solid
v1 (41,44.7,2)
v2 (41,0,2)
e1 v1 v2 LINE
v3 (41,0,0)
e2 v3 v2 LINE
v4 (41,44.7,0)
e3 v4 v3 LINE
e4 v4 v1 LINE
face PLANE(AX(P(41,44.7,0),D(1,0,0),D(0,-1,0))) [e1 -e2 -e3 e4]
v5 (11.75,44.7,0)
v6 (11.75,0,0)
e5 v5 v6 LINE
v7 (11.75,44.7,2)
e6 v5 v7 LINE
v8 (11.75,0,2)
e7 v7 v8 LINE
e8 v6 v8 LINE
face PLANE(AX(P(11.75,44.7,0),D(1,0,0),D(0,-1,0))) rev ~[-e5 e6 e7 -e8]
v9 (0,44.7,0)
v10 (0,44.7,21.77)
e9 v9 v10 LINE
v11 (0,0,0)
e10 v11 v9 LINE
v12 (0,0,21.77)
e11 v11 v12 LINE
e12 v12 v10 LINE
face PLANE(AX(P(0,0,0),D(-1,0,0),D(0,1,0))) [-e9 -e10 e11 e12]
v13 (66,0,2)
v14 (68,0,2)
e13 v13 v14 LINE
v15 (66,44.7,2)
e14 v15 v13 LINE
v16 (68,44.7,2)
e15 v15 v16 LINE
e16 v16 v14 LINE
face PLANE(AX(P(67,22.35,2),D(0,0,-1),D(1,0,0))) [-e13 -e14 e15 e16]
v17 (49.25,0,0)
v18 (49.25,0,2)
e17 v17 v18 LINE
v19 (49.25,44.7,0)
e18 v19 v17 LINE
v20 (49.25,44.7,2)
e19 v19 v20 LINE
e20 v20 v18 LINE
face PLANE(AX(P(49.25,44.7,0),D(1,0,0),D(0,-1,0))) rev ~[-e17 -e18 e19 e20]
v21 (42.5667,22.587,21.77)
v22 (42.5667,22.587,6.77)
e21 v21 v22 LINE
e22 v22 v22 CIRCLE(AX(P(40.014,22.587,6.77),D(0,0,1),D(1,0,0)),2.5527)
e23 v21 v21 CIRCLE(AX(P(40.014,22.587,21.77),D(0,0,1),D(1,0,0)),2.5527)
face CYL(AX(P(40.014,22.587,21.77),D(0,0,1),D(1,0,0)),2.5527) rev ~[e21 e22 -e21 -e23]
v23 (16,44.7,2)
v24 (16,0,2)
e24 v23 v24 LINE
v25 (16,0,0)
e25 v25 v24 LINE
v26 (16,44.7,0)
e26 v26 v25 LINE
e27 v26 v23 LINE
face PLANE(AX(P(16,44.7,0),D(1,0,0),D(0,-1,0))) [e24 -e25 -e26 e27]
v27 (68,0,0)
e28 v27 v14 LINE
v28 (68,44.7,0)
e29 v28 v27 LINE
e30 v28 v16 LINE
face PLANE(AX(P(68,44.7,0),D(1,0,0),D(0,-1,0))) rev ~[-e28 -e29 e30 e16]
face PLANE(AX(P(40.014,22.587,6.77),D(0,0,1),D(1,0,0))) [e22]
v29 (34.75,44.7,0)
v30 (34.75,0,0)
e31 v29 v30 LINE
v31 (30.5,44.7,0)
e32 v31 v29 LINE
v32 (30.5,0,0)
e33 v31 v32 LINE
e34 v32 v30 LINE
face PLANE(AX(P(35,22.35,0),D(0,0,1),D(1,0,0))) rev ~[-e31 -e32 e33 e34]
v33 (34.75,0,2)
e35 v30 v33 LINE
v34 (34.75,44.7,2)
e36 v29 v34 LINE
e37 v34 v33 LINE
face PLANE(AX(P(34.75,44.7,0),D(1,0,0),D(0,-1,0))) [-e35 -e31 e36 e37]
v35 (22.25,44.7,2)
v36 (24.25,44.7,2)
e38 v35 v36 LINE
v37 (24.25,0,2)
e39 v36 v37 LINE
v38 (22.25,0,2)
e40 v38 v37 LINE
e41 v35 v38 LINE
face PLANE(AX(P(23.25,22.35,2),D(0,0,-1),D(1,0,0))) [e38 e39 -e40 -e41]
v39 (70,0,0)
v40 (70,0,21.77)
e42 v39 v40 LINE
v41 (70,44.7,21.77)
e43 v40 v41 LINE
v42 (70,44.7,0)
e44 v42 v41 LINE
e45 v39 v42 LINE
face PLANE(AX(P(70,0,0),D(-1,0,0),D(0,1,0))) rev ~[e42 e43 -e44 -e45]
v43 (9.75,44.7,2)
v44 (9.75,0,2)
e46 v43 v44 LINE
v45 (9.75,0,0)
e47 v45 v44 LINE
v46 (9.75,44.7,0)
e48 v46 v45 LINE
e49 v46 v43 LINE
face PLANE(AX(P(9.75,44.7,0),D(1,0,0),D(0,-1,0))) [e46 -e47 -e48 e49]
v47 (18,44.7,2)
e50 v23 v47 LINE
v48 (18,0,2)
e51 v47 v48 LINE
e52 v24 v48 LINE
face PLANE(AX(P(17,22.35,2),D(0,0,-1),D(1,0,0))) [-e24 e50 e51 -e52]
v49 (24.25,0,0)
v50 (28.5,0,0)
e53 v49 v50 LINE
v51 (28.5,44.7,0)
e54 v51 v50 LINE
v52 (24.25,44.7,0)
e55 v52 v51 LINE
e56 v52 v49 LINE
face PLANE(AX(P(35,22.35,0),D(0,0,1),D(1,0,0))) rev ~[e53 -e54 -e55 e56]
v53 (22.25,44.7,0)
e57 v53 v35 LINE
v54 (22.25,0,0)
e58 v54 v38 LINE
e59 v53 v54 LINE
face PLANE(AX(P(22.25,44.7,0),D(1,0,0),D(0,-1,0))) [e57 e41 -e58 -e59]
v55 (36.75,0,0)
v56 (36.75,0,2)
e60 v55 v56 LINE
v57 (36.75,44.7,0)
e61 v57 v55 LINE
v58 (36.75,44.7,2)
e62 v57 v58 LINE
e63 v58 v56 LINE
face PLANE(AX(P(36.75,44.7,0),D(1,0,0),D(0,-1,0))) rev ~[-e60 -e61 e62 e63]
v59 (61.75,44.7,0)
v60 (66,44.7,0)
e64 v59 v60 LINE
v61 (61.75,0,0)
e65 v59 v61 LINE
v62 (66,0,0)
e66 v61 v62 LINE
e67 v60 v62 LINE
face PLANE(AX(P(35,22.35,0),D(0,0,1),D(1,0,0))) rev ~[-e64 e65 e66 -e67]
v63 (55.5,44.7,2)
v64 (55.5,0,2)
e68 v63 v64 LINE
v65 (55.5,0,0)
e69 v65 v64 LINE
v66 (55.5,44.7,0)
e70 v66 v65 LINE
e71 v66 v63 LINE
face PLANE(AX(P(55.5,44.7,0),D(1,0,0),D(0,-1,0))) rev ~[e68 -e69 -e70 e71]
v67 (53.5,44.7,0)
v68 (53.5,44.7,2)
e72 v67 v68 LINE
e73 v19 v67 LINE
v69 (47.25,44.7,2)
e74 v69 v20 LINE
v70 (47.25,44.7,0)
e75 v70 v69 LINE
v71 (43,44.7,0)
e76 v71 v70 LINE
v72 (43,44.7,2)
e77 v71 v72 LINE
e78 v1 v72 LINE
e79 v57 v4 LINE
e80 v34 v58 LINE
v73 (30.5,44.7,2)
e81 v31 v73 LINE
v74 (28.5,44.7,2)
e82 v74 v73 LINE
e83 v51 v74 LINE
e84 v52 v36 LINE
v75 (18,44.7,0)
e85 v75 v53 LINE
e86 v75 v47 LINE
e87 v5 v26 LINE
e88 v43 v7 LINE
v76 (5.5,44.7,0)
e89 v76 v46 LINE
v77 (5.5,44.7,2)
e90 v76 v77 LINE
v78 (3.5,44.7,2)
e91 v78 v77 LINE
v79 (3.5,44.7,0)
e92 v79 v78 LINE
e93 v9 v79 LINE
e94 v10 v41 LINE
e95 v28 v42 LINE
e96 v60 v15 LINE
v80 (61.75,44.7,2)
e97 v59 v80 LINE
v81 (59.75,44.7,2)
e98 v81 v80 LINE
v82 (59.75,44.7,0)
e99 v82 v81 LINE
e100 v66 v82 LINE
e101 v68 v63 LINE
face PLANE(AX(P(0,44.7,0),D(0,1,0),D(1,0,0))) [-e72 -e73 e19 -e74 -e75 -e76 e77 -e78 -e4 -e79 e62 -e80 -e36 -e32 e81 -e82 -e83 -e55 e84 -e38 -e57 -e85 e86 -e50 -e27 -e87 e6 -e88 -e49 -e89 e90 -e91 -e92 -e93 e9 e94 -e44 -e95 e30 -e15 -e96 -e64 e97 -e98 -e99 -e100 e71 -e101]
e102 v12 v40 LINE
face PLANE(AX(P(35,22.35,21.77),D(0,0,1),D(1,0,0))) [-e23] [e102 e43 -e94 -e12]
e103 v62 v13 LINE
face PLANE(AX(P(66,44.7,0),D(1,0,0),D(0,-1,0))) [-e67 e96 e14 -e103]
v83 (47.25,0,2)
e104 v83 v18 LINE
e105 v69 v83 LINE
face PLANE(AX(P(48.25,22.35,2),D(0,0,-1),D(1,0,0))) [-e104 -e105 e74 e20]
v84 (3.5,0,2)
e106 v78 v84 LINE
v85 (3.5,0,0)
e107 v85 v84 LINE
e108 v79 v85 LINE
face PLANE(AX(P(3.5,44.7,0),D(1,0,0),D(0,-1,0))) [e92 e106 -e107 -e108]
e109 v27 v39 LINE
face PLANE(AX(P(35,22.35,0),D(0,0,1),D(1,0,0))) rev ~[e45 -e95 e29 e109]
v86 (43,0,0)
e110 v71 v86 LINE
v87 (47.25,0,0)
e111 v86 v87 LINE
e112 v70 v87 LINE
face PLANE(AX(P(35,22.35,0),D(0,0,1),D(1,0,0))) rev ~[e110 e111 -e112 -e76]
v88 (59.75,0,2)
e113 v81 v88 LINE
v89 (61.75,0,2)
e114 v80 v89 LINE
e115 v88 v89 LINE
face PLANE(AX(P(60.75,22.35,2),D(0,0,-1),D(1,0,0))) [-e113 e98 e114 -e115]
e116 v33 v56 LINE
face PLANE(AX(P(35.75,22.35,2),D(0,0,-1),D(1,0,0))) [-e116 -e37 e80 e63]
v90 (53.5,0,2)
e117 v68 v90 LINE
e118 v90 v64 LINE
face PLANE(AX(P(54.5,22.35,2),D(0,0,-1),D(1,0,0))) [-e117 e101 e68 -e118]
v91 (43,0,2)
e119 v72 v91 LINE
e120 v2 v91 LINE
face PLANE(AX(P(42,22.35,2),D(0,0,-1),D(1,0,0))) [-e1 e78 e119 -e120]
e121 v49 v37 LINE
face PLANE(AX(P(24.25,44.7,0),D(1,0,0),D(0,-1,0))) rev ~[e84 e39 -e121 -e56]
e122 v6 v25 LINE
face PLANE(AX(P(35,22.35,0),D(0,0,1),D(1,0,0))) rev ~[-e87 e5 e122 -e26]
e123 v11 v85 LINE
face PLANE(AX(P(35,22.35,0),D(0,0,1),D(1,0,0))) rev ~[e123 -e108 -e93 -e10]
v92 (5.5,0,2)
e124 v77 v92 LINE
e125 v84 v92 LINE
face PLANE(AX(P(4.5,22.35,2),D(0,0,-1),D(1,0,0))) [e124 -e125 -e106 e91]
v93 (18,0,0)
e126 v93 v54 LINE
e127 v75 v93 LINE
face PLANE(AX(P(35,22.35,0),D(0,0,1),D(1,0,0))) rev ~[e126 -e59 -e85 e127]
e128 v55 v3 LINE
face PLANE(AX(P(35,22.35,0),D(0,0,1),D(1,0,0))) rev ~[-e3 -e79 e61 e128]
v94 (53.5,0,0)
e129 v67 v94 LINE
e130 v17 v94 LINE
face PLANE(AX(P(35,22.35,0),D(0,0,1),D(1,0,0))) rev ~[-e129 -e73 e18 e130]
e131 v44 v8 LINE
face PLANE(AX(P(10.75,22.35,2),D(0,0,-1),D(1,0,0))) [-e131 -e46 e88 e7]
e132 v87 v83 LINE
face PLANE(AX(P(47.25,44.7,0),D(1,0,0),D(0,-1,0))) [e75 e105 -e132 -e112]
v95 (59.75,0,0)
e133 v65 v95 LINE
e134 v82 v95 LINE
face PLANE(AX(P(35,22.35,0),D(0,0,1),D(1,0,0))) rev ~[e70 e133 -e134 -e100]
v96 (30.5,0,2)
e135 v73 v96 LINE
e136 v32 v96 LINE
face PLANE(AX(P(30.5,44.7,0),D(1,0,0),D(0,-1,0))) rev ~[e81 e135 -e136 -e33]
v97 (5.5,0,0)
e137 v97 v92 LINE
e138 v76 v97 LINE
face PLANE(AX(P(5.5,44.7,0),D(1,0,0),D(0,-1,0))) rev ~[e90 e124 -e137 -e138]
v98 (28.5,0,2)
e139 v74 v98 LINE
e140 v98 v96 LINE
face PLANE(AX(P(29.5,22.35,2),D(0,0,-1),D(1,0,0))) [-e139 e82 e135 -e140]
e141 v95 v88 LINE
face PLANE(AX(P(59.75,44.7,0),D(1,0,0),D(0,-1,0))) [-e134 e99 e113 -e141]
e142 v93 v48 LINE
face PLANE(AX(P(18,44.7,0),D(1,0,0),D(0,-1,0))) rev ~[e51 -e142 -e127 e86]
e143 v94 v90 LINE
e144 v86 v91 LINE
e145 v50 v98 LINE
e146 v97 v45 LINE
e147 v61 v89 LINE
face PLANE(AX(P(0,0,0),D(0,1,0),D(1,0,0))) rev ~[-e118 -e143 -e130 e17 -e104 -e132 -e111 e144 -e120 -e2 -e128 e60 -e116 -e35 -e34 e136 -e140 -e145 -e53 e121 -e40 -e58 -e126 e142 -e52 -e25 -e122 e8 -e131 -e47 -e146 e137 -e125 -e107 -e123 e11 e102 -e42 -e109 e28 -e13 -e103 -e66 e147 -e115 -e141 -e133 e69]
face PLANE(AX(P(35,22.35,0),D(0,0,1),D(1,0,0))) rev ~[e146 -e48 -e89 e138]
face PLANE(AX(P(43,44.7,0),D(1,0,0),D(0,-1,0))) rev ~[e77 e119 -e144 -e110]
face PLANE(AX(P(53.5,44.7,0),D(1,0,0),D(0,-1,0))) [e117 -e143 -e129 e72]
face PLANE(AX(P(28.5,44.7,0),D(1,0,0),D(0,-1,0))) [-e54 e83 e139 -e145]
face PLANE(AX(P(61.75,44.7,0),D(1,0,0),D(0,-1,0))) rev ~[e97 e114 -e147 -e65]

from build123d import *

# Parameters (mm, degrees)
F0_W     = 70
F0_H     = 44.7
F1_DEPTH = 21.77
F2_R     = 2.5527
F3_DEPTH = 15
F4_W     = 2
F4_H     = 44.7
F5_DEPTH = 2


with BuildPart() as f1:
    # F0 (on Top) → F1 (new body)
    with BuildSketch(Plane.XY):
        with Locations((35, 22.35)):
            Rectangle(F0_W, F0_H)
    extrude(amount=F1_DEPTH)

    # F2 (on face) → F3 (cut)
    with BuildSketch(Plane.XY.offset(21.77)):
        with Locations((40.014, 22.587)):
            Circle(F2_R)
    extrude(amount=-F3_DEPTH, mode=Mode.SUBTRACT)

    # F4 (on face) → F5 (cut)
    with BuildSketch(Plane(origin=(0, 0, 0), x_dir=(1, 0, 0), z_dir=(0, 0, -1))):
        with Locations((67, -22.35)):
            Rectangle(F4_W, F4_H)
        with Locations((60.75, -22.35)):
            Rectangle(F4_W, F4_H)
        with Locations((54.5, -22.35)):
            Rectangle(F4_W, F4_H)
        with Locations((48.25, -22.35)):
            Rectangle(F4_W, F4_H)
        with Locations((42, -22.35)):
            Rectangle(F4_W, F4_H)
        with Locations((35.75, -22.35)):
            Rectangle(F4_W, F4_H)
        with Locations((29.5, -22.35)):
            Rectangle(F4_W, F4_H)
        with Locations((23.25, -22.35)):
            Rectangle(F4_W, F4_H)
        with Locations((17, -22.35)):
            Rectangle(F4_W, F4_H)
        with Locations((10.75, -22.35)):
            Rectangle(F4_W, F4_H)
        with Locations((4.5, -22.35)):
            Rectangle(F4_W, F4_H)
        with Locations((-1.75, -22.35)):
            Rectangle(F4_W, F4_H)
    extrude(amount=-F5_DEPTH, mode=Mode.SUBTRACT)


solid = f1.part
